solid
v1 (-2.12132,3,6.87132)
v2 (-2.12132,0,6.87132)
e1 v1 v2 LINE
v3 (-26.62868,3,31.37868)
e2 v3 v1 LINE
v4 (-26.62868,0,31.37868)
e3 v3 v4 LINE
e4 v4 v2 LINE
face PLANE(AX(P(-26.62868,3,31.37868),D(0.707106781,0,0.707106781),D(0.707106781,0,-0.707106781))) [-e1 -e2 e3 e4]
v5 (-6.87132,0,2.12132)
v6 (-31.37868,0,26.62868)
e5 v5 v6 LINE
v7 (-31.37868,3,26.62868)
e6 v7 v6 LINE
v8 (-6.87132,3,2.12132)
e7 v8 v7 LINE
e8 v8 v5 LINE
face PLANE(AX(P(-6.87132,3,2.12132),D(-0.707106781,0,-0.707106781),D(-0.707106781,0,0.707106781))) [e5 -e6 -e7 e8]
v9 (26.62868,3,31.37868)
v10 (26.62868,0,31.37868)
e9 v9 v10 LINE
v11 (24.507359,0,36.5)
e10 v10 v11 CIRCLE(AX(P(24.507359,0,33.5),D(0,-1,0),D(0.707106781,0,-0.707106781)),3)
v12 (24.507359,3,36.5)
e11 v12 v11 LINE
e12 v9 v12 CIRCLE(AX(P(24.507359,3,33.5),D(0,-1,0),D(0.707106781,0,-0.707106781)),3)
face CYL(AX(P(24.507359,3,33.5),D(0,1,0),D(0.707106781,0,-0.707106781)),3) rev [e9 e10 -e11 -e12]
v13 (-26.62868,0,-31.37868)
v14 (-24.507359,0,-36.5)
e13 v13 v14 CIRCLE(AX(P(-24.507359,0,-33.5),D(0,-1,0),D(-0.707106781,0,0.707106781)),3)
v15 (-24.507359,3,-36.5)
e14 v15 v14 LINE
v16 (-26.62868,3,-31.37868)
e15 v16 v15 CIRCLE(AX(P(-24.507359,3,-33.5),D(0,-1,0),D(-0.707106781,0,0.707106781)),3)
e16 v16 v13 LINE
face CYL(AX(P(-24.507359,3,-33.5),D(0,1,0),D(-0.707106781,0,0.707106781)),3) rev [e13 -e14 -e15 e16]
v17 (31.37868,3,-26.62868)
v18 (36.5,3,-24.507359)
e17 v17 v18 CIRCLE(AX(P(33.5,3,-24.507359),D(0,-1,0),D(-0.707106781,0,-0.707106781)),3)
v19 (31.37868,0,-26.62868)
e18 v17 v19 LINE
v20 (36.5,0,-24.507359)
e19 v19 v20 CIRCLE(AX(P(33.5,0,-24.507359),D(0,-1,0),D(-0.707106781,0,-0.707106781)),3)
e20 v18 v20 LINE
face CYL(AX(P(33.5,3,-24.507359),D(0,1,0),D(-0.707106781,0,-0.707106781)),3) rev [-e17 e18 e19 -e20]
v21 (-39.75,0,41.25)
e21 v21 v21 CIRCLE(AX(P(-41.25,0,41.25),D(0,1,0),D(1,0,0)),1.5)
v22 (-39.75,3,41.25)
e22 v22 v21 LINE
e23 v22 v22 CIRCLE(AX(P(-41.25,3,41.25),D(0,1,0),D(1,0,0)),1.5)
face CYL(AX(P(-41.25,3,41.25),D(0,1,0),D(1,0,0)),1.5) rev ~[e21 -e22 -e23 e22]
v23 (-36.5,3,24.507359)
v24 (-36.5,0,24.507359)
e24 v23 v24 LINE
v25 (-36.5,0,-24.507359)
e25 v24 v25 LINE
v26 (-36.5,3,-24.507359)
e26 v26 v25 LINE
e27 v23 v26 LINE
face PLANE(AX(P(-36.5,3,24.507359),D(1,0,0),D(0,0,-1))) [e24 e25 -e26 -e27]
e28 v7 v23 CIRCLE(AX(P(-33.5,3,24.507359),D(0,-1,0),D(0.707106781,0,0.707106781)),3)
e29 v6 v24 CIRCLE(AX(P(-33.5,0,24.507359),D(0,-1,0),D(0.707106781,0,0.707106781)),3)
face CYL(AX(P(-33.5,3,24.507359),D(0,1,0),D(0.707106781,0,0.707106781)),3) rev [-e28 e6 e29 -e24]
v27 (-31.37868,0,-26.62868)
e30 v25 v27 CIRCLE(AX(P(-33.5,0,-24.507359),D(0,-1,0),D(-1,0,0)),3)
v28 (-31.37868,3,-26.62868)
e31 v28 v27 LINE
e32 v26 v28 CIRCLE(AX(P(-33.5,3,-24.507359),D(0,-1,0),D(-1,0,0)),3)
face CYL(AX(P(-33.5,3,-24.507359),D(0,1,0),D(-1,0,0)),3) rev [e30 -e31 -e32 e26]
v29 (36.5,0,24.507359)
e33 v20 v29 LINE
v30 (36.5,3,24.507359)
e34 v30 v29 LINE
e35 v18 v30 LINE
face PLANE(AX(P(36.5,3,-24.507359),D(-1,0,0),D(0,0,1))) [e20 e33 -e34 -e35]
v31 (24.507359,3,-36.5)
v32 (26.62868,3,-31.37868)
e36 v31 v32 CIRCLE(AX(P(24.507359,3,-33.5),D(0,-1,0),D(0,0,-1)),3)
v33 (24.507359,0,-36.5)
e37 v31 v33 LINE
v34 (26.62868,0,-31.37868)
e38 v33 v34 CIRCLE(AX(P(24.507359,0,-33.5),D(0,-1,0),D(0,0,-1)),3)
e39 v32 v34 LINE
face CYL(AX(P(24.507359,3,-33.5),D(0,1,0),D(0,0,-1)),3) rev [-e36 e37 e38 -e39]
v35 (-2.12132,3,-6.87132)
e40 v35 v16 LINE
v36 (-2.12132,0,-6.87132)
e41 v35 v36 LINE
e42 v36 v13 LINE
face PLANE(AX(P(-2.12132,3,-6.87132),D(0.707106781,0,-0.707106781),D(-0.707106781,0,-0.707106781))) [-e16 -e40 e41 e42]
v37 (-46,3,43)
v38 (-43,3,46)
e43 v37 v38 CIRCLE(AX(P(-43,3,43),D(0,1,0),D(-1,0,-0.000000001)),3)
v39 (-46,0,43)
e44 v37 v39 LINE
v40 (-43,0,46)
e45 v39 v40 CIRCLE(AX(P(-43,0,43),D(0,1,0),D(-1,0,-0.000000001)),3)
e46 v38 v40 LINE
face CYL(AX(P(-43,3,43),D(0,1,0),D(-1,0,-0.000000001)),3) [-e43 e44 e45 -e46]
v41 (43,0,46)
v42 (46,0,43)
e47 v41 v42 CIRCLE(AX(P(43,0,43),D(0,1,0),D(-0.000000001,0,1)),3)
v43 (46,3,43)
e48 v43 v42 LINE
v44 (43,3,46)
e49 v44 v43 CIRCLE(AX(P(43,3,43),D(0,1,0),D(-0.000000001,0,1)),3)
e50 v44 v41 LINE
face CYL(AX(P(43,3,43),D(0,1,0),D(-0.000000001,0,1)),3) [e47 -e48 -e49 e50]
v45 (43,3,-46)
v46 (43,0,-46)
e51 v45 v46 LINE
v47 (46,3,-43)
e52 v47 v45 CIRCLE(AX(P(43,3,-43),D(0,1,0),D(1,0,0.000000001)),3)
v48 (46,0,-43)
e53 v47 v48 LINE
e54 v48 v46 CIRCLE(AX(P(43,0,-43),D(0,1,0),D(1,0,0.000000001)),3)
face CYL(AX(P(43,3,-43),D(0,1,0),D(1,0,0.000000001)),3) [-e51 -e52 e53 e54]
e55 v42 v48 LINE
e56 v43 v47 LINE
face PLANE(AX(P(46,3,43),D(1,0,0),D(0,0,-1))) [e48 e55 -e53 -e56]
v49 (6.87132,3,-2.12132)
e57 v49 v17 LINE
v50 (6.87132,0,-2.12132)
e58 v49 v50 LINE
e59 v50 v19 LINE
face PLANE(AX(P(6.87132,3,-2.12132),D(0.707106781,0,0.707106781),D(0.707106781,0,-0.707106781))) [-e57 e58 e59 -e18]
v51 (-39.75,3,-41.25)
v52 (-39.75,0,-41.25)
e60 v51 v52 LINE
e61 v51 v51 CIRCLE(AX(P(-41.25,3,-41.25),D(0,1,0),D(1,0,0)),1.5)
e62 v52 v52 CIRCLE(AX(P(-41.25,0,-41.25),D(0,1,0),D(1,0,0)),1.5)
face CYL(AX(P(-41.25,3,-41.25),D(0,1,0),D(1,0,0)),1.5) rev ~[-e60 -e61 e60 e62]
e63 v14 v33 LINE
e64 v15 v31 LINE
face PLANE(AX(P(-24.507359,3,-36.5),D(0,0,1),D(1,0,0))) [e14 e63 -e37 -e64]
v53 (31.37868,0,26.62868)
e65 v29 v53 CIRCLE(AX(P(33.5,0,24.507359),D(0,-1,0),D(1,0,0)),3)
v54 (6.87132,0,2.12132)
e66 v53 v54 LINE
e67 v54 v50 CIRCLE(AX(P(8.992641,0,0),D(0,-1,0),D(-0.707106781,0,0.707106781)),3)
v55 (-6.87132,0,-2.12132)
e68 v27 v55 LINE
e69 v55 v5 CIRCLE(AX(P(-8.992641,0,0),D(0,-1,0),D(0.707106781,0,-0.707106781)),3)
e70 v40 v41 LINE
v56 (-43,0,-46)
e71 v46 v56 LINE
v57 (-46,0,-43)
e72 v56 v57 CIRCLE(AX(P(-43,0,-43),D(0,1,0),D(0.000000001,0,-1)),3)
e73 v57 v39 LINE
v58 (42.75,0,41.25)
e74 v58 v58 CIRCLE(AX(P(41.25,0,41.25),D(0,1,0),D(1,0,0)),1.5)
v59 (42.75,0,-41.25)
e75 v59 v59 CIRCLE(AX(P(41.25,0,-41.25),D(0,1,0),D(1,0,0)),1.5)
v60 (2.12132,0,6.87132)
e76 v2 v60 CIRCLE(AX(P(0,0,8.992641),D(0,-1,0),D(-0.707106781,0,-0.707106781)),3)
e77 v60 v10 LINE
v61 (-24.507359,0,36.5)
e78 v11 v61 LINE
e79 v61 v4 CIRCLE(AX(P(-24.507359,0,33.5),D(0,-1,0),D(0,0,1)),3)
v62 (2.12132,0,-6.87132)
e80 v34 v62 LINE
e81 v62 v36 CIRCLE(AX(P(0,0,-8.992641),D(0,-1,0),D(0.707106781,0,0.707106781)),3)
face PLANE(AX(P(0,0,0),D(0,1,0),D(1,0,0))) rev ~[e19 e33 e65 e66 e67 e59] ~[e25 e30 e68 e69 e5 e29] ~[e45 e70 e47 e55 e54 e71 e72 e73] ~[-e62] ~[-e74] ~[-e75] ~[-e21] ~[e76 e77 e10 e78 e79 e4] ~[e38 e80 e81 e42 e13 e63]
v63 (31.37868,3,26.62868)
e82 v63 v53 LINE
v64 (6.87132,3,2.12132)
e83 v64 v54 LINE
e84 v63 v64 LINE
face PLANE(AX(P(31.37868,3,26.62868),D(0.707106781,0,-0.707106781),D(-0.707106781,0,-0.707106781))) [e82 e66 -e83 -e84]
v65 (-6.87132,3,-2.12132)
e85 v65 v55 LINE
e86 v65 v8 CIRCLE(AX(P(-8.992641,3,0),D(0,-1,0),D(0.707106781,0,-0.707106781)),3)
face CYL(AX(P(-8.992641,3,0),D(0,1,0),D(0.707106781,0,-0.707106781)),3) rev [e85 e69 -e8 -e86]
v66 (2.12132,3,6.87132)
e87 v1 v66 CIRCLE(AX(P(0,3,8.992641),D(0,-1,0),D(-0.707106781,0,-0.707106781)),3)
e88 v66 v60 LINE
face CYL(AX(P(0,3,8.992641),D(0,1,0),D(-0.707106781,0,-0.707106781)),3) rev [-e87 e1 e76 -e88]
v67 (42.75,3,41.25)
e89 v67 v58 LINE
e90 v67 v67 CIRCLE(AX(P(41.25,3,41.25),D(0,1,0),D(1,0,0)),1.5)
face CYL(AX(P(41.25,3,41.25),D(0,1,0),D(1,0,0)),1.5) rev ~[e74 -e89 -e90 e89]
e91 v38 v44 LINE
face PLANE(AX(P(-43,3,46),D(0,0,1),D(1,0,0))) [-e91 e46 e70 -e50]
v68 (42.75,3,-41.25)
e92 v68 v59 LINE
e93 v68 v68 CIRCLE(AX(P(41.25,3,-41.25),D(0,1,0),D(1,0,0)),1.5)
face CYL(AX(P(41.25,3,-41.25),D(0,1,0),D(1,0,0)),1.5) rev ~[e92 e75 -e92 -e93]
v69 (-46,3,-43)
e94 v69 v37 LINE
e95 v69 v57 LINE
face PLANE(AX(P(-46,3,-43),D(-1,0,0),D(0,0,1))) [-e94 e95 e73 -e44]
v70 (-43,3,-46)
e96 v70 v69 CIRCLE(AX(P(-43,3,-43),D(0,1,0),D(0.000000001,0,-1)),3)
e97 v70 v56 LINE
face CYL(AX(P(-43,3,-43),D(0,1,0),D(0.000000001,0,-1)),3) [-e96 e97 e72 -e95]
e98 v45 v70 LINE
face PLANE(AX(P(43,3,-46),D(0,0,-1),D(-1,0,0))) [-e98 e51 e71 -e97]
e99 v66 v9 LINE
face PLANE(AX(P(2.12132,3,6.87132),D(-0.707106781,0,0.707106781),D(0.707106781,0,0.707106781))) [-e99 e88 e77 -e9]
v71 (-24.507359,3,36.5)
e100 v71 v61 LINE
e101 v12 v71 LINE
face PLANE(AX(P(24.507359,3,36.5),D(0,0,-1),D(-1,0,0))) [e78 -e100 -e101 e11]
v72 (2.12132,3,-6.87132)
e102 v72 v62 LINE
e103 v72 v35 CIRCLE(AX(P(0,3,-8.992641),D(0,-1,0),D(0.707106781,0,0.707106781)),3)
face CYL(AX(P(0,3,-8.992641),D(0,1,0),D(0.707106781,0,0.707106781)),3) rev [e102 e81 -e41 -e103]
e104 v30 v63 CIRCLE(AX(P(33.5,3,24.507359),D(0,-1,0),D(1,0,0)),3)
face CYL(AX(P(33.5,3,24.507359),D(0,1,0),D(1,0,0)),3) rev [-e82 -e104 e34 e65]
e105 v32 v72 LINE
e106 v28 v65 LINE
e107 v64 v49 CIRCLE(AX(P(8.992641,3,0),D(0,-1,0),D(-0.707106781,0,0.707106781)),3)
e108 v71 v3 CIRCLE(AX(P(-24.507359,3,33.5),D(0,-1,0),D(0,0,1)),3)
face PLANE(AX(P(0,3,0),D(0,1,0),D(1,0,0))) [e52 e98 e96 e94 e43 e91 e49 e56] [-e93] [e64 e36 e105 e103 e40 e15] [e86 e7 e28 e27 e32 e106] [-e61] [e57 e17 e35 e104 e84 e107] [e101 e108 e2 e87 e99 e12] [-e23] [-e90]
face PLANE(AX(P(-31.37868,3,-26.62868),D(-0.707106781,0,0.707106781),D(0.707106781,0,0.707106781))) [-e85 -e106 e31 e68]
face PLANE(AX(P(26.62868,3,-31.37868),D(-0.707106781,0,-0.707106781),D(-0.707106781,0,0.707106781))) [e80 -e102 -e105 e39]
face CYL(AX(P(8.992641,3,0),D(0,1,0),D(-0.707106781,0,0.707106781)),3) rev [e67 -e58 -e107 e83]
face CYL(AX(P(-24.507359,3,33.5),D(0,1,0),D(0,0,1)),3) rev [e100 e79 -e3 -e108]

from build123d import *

# Parameters (mm, degrees)
SKETCH_1_R      = 1.5
EXTRUDE_1_DEPTH = 3


with BuildPart() as part:
    # 草圖1 → 填料-伸長1 (new body)
    with BuildSketch(Plane(origin=(0, 3, 0), x_dir=(1, 0, 0), z_dir=(0, 1, 0))):
        with BuildLine():
            Line((-46, 43), (-46, -43))
            ThreePointArc((-46, -43), (-45.121320344, -45.121320344), (-43, -46))
            Line((-43, -46), (43, -46))
            ThreePointArc((43, -46), (45.121320344, -45.121320344), (46, -43))
            Line((46, -43), (46, 43))
            ThreePointArc((46, 43), (45.121320344, 45.121320344), (43, 46))
            Line((43, 46), (-43, 46))
            ThreePointArc((-43, 46), (-45.121320344, 45.121320344), (-46, 43))
        make_face()
        with Locations((41.25, -41.25)):
            Circle(SKETCH_1_R, mode=Mode.SUBTRACT)
        with Locations((-41.25, 41.25)):
            Circle(SKETCH_1_R, mode=Mode.SUBTRACT)
        with Locations((41.25, 41.25)):
            Circle(SKETCH_1_R, mode=Mode.SUBTRACT)
        with Locations((-41.25, -41.25)):
            Circle(SKETCH_1_R, mode=Mode.SUBTRACT)
        with BuildLine():
            Line((-31.378679656, 26.628679656), (-6.871320344, 2.121320344))
            ThreePointArc((-6.871320344, 2.121320344), (-5.992640687, 0), (-6.871320344, -2.121320344))
            Line((-6.871320344, -2.121320344), (-31.378679656, -26.628679656))
            ThreePointArc((-31.378679656, -26.628679656), (-34.648050297, -27.27899791), (-36.5, -24.507359313))
            Line((-36.5, -24.507359313), (-36.5, 24.507359313))
            ThreePointArc((-36.5, 24.507359313), (-34.648050297, 27.27899791), (-31.378679656, 26.628679656))
        make_face(mode=Mode.SUBTRACT)
        with BuildLine():
            Line((24.507359313, -36.5), (-24.507359313, -36.5))
            ThreePointArc((-24.507359313, -36.5), (-27.27899791, -34.648050297), (-26.628679656, -31.378679656))
            Line((-26.628679656, -31.378679656), (-2.121320344, -6.871320344))
            ThreePointArc((-2.121320344, -6.871320344), (0, -5.992640687), (2.121320344, -6.871320344))
            Line((2.121320344, -6.871320344), (26.628679656, -31.378679656))
            ThreePointArc((26.628679656, -31.378679656), (27.27899791, -34.648050297), (24.507359313, -36.5))
        make_face(mode=Mode.SUBTRACT)
        with BuildLine():
            Line((-24.507359313, 36.5), (24.507359313, 36.5))
            ThreePointArc((24.507359313, 36.5), (27.27899791, 34.648050297), (26.628679656, 31.378679656))
            Line((26.628679656, 31.378679656), (2.121320344, 6.871320344))
            ThreePointArc((2.121320344, 6.871320344), (0, 5.992640687), (-2.121320344, 6.871320344))
            Line((-2.121320344, 6.871320344), (-26.628679656, 31.378679656))
            ThreePointArc((-26.628679656, 31.378679656), (-27.27899791, 34.648050297), (-24.507359313, 36.5))
        make_face(mode=Mode.SUBTRACT)
        with BuildLine():
            Line((36.5, 24.507359313), (36.5, -24.507359313))
            ThreePointArc((36.5, -24.507359313), (34.648050297, -27.27899791), (31.378679656, -26.628679656))
            Line((31.378679656, -26.628679656), (6.871320344, -2.121320344))
            ThreePointArc((6.871320344, -2.121320344), (5.992640687, 0), (6.871320344, 2.121320344))
            Line((6.871320344, 2.121320344), (31.378679656, 26.628679656))
            ThreePointArc((31.378679656, 26.628679656), (34.648050297, 27.27899791), (36.5, 24.507359313))
        make_face(mode=Mode.SUBTRACT)
    extrude(amount=-EXTRUDE_1_DEPTH)


solid = part.part
